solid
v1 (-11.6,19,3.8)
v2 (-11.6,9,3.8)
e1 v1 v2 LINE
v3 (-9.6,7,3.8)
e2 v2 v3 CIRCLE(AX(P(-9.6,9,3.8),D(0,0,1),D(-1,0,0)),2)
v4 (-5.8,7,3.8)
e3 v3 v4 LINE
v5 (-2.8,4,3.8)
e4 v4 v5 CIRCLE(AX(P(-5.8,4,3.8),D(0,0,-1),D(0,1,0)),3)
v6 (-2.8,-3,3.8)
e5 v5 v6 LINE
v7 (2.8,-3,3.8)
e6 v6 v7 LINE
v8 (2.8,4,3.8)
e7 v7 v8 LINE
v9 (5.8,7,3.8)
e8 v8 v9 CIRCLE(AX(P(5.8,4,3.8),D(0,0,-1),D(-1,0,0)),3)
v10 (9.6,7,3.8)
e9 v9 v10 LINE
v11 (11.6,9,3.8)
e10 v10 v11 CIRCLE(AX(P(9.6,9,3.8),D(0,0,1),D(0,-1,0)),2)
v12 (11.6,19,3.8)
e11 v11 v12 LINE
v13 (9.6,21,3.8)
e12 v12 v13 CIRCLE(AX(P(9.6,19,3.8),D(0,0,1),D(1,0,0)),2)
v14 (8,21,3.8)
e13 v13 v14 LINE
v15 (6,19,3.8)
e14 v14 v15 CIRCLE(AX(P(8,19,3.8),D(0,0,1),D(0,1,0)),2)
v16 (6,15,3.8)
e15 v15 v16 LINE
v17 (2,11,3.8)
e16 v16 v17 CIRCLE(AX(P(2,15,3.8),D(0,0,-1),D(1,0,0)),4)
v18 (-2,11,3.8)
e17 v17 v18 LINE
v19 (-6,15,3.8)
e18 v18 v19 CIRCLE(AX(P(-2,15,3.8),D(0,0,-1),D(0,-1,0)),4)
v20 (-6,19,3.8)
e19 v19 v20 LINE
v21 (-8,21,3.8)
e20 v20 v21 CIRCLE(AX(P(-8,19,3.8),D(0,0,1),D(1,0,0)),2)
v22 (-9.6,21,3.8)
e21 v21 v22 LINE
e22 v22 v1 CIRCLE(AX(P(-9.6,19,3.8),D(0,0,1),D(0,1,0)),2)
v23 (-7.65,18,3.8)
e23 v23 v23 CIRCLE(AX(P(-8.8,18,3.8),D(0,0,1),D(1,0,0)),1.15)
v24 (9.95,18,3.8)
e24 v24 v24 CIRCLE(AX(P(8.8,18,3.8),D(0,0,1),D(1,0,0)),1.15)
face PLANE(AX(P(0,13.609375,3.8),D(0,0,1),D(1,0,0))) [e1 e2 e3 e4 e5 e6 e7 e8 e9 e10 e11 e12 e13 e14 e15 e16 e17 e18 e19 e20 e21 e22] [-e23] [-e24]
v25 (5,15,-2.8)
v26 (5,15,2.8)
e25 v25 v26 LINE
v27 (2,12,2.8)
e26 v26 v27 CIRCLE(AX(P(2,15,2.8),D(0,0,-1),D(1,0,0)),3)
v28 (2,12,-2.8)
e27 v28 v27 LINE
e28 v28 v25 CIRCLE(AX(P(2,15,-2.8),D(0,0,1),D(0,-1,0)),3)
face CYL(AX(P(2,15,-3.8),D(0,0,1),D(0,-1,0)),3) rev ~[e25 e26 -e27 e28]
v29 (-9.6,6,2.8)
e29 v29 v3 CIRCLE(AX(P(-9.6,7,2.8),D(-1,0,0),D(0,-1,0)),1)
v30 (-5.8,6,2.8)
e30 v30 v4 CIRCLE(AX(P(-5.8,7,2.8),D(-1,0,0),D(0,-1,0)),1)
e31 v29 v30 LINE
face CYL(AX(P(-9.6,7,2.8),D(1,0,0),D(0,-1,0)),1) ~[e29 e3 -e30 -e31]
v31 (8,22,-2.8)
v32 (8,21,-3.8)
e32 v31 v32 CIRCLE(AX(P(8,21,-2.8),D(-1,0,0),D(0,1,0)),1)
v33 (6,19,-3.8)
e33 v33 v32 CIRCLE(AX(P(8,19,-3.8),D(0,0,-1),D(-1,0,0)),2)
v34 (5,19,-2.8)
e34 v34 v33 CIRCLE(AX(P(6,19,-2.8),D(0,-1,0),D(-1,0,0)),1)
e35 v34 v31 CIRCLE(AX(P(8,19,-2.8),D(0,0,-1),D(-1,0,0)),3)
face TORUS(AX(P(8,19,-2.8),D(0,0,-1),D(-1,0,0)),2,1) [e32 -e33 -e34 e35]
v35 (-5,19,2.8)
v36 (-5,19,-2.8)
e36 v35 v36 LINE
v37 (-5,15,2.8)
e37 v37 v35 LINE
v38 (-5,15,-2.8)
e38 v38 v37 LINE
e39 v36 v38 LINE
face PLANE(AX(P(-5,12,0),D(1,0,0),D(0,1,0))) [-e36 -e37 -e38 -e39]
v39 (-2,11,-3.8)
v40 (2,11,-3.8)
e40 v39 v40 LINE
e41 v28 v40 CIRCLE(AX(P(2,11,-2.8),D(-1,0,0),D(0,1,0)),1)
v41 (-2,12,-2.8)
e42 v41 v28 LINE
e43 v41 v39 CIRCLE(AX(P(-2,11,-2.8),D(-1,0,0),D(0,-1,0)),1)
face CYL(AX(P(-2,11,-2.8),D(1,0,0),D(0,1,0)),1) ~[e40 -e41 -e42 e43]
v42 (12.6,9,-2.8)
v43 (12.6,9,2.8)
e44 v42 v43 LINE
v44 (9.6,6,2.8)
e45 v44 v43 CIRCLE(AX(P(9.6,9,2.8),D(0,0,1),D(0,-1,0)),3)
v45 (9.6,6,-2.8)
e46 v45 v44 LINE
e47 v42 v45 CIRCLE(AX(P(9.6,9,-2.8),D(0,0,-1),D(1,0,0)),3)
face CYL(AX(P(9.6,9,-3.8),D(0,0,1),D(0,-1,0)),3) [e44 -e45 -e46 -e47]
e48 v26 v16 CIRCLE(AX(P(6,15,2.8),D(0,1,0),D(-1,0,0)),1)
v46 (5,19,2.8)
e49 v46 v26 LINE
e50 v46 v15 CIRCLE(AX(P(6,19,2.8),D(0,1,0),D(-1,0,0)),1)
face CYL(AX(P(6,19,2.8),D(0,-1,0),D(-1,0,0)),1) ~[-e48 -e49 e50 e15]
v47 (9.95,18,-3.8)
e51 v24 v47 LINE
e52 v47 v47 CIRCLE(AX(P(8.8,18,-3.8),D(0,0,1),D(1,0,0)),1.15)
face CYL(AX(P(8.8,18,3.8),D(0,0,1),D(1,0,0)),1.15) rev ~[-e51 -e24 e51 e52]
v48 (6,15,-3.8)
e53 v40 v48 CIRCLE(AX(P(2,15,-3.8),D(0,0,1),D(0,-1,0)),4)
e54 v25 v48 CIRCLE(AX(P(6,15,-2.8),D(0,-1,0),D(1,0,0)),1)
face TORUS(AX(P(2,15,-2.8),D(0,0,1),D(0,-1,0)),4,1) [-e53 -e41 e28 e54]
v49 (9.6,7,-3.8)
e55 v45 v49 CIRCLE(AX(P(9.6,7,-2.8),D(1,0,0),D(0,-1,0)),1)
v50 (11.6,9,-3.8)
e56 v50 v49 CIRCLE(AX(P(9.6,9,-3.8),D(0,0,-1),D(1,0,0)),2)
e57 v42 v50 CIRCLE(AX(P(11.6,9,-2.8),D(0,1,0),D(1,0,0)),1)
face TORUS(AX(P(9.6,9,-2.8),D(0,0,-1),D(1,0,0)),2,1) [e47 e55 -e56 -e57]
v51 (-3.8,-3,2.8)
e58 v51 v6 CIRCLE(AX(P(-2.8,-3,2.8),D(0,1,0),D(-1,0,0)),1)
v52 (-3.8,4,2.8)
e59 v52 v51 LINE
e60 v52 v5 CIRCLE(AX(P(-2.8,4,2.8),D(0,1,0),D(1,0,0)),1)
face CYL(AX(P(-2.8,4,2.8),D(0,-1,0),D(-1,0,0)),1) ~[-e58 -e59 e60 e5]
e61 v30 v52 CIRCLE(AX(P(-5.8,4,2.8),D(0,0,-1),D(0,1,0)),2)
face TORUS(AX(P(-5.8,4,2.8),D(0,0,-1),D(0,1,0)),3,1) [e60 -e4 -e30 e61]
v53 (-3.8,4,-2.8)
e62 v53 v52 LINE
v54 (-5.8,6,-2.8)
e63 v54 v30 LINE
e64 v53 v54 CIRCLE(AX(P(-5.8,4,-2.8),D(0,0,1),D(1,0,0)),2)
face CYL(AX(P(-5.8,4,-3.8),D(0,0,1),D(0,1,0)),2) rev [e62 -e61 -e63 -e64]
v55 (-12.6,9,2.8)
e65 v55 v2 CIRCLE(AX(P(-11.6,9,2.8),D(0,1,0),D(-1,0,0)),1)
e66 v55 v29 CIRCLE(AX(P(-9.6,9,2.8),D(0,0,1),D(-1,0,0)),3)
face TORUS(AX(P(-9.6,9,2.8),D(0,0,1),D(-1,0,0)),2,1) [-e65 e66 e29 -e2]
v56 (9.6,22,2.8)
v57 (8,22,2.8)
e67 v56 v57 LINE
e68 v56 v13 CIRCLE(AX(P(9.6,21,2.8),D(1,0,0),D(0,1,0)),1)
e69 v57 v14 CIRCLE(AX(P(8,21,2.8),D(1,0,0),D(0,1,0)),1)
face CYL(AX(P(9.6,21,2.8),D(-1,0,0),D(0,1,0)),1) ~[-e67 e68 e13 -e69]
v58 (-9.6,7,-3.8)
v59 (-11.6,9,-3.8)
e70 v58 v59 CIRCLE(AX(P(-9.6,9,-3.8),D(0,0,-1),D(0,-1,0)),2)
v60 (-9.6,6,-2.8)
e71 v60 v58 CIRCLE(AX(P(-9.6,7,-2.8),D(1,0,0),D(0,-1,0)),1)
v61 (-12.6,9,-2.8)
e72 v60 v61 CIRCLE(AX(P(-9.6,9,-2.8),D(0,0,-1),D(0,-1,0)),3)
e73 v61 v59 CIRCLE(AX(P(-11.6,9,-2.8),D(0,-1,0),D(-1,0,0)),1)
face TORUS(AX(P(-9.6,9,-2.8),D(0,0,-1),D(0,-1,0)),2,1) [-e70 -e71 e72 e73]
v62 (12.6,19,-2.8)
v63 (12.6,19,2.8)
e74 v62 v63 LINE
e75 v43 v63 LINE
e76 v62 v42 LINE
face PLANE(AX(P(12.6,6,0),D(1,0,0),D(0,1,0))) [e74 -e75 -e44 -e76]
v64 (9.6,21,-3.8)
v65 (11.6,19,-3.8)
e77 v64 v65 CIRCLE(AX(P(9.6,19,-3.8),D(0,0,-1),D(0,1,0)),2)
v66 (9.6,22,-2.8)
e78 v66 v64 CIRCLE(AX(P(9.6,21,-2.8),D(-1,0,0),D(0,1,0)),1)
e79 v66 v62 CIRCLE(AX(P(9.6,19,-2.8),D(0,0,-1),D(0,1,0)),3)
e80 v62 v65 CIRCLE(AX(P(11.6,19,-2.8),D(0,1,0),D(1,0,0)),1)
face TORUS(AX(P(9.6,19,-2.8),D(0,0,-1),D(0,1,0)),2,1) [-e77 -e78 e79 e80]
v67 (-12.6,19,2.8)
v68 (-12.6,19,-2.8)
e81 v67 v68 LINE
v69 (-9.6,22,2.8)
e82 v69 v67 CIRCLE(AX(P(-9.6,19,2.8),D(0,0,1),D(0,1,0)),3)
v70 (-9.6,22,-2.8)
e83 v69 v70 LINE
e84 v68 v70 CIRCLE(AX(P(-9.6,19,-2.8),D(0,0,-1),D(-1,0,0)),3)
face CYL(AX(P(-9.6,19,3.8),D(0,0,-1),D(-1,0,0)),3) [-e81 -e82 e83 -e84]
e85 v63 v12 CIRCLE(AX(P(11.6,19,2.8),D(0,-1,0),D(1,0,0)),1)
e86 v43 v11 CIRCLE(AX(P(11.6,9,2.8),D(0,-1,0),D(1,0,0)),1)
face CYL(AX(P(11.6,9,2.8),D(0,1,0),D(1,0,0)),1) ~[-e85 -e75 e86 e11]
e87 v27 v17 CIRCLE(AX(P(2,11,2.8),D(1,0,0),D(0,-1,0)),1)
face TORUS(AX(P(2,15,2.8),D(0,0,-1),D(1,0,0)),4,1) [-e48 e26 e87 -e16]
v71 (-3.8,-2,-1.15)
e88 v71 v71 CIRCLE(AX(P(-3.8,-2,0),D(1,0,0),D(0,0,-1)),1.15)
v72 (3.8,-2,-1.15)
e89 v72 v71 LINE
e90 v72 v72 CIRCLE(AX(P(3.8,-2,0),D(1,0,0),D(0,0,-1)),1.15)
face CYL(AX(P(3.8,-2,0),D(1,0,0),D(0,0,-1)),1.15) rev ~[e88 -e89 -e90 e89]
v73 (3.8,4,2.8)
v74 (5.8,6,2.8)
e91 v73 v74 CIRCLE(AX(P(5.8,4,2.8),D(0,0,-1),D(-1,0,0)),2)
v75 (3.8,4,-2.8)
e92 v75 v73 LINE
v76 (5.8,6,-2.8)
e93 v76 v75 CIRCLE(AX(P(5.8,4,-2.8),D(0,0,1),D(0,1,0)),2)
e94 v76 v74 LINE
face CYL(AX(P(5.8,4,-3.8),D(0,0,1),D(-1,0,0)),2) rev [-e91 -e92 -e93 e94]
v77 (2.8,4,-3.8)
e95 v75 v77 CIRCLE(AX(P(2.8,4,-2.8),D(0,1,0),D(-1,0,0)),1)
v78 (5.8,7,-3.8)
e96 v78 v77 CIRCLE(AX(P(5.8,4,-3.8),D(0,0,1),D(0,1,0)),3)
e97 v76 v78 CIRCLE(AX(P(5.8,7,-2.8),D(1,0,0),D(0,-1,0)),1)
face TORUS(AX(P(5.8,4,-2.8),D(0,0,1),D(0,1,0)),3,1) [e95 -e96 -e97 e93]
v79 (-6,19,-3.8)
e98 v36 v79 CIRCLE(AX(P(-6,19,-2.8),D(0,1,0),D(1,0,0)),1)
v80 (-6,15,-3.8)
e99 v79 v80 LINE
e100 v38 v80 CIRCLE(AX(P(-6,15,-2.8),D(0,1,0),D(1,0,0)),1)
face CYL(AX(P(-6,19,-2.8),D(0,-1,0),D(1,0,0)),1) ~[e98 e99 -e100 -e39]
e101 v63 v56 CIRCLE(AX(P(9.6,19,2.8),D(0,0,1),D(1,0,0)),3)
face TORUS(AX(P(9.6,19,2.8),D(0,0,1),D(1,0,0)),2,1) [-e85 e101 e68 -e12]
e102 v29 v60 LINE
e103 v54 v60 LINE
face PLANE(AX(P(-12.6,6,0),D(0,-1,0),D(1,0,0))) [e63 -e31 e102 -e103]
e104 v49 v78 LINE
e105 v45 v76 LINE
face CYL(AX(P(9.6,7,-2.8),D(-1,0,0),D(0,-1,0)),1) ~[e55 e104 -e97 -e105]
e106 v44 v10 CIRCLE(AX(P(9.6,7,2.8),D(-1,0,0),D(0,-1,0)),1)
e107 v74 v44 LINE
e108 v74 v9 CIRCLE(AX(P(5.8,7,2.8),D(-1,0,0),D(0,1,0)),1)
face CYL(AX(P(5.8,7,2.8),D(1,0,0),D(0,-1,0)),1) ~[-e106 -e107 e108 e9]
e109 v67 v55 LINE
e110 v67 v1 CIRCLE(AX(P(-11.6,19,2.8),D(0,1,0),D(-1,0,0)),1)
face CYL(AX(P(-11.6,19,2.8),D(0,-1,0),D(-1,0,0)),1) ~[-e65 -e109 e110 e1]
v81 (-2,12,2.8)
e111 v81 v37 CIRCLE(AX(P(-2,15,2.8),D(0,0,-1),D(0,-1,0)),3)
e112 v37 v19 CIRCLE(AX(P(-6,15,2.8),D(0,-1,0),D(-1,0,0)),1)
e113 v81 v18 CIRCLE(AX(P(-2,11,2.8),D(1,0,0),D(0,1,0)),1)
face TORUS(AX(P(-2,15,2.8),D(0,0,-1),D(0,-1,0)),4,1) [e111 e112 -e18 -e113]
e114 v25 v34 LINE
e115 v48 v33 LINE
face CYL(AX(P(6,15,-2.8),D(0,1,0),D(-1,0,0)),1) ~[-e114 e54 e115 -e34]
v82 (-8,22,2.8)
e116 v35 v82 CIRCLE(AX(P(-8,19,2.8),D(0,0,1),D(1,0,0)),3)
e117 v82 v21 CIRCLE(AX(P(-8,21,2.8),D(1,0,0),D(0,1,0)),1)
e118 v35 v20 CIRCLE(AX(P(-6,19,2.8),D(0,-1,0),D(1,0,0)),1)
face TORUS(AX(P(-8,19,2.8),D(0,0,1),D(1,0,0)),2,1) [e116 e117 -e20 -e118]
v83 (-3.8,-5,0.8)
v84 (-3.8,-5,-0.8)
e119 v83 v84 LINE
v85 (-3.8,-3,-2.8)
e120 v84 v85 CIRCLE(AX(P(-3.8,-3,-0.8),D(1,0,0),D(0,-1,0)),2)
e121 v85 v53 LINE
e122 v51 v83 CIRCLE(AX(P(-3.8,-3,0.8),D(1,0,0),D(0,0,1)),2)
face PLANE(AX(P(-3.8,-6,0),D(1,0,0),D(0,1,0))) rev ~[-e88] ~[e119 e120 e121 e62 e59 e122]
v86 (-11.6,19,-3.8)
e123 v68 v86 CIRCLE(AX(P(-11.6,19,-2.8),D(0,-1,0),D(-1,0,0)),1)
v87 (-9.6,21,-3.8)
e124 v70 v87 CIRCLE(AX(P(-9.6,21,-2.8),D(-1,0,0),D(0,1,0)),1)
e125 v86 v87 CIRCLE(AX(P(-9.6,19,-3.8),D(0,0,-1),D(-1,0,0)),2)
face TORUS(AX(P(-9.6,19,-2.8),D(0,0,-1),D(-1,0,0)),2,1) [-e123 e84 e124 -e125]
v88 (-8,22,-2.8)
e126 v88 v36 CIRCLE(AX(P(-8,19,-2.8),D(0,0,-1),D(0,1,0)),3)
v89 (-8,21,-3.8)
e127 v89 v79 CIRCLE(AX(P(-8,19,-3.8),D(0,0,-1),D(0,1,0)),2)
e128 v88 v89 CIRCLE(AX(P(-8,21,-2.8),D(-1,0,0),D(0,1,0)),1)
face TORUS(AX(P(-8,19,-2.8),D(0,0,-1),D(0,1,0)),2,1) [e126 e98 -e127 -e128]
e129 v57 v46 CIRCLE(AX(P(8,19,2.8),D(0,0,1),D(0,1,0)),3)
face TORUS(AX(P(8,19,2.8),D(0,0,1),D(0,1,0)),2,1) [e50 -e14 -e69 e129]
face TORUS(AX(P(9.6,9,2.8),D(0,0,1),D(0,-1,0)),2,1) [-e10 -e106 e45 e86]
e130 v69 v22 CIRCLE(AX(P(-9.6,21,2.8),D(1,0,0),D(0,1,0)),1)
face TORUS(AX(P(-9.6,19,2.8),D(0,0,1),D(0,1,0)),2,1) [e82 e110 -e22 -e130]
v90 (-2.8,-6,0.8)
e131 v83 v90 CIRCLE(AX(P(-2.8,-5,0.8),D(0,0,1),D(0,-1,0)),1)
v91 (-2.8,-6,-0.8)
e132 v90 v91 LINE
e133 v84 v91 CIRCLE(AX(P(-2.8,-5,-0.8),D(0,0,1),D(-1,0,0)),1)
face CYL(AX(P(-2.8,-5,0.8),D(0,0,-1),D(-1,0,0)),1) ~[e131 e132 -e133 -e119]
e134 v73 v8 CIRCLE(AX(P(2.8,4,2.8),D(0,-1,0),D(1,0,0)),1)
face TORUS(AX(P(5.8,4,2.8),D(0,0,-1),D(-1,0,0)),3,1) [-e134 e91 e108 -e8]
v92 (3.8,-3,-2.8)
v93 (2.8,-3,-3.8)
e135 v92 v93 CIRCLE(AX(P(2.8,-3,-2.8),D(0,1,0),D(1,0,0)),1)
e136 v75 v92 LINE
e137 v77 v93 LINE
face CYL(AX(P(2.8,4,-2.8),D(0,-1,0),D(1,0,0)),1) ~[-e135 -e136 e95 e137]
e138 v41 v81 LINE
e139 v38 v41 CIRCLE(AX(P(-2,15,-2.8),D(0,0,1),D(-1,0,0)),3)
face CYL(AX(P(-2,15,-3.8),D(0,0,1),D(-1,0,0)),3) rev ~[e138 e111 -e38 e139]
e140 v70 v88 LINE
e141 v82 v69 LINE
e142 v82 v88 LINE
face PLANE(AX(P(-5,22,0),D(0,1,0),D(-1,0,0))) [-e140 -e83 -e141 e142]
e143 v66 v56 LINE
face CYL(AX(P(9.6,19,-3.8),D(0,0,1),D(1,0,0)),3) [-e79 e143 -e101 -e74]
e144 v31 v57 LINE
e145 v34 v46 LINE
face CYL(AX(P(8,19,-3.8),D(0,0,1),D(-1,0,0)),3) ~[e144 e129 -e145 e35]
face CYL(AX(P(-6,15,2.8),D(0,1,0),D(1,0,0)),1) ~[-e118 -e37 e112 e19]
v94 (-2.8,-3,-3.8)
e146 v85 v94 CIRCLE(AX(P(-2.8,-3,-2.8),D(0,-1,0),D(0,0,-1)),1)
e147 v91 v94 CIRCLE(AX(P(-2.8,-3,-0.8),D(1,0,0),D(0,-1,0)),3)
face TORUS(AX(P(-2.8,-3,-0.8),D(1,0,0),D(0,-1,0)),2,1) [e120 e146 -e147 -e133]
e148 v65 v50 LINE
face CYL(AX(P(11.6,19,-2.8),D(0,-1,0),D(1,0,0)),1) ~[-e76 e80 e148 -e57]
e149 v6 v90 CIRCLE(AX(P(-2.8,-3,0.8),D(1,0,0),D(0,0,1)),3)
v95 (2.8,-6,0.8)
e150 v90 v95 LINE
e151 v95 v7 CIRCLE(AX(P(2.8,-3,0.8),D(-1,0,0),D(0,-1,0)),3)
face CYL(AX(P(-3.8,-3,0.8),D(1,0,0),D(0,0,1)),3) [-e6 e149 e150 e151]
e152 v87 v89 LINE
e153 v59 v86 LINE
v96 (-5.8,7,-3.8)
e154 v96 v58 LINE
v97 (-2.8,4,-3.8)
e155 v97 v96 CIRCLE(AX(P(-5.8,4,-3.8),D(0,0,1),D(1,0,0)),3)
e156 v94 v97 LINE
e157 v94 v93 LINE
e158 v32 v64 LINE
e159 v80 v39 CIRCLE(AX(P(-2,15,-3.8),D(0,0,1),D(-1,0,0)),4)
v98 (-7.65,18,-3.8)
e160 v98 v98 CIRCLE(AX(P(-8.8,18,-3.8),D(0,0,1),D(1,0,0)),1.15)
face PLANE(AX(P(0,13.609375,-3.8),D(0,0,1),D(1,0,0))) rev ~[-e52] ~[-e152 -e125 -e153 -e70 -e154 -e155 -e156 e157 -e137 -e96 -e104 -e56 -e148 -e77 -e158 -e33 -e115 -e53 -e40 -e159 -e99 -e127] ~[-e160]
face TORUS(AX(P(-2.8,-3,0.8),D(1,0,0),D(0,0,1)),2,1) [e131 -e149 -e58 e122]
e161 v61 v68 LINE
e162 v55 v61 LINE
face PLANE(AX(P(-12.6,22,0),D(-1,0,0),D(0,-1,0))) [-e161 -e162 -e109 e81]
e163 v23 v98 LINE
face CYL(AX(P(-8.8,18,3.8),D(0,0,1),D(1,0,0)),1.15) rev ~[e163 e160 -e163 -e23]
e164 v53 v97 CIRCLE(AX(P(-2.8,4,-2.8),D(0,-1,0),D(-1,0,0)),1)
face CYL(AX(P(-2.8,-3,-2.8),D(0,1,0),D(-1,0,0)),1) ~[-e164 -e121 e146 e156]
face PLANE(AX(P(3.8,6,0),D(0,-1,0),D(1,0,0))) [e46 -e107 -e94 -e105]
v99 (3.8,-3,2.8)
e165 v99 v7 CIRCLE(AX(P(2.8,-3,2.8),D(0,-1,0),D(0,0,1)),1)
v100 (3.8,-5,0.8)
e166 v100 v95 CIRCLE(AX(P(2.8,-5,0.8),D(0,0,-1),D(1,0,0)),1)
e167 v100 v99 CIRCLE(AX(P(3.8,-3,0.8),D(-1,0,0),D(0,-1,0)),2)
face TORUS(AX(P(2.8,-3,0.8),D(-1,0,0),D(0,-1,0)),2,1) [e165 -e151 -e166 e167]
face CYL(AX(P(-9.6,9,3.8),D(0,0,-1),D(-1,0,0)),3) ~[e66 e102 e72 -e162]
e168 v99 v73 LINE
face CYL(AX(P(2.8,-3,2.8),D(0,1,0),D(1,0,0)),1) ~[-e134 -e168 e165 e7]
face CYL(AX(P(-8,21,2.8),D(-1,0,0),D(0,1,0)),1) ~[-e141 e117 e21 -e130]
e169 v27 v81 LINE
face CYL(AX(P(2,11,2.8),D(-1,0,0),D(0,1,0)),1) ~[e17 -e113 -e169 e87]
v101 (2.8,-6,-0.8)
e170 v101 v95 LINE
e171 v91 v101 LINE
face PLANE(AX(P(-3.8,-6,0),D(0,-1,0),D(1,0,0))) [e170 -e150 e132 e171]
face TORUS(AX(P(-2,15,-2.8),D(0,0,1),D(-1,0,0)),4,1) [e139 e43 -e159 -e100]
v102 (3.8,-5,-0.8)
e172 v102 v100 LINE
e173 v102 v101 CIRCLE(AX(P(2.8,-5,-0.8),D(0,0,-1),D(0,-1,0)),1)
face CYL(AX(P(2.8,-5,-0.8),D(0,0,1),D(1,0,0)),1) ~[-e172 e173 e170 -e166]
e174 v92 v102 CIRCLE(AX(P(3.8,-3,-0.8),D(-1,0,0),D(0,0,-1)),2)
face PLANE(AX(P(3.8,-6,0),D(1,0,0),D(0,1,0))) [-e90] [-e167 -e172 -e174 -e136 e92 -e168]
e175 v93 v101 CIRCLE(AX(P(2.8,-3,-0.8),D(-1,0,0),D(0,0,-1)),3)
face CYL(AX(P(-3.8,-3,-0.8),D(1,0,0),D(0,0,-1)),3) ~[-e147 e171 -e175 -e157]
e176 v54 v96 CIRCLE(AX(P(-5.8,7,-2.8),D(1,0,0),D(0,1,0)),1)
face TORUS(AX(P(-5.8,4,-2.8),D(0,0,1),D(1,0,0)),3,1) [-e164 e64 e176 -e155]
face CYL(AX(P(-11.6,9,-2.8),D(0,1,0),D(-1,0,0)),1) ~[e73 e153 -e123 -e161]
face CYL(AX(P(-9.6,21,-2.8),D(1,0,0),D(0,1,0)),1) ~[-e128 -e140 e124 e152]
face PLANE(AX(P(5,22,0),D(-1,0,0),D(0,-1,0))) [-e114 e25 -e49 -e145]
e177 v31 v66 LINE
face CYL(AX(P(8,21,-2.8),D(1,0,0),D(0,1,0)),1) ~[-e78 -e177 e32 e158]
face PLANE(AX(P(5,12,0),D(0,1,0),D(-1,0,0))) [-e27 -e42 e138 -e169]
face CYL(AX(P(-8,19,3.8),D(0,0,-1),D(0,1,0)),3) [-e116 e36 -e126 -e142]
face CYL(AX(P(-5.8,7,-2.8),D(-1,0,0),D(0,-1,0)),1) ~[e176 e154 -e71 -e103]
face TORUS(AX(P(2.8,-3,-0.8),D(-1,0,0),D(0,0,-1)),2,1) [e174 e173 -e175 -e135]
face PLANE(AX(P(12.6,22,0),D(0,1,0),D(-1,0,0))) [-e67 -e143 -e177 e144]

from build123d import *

# Parameters (mm, degrees)
BOSS_EXTRUDE1_DEPTH      = 3.8
BOSS_EXTRUDE1_DEPTH_BACK = 3.8
SKETCH2_R                = 1.15
CUT_EXTRUDE1_DEPTH       = 7.6
SKETCH3_R                = 1.15
CUT_EXTRUDE2_DEPTH       = 7.6
FILLET1_R                = 3
FILLET2_R                = 3
FILLET3_R                = 2
FILLET4_R                = 1


with BuildPart() as part:
    # Sketch1 → Boss-Extrude1 (new, two sides: drawn at the far end of the back side and taken through both)
    with BuildSketch(Plane.XY.offset(-BOSS_EXTRUDE1_DEPTH_BACK)):
        Polygon((-12.6, 6), (-3.8, 6), (-3.8, -6), (3.8, -6), (3.8, 6), (12.6, 6), (12.6, 22), (5, 22), (5, 12), (-5, 12), (-5, 22), (-12.6, 22), align=None)
    extrude(amount=BOSS_EXTRUDE1_DEPTH + BOSS_EXTRUDE1_DEPTH_BACK)

    # Sketch2 → Cut-Extrude1 (cut)
    with BuildSketch(Plane(origin=(3.8, 0, 0), x_dir=(0, 0, -1), z_dir=(1, 0, 0))):
        with Locations((0, -2)):
            Circle(SKETCH2_R)
    extrude(amount=-CUT_EXTRUDE1_DEPTH, mode=Mode.SUBTRACT)

    # Sketch3 → Cut-Extrude2 (cut)
    with BuildSketch(Plane.XY.offset(3.8)):
        with Locations((-8.8, 18)):
            Circle(SKETCH3_R)
        with Locations((8.8, 18)):
            Circle(SKETCH3_R)
    extrude(amount=-CUT_EXTRUDE2_DEPTH, mode=Mode.SUBTRACT)

    # Fillet1
    fillet1_edges = [part.edges().sort_by_distance(p)[0] for p in [
        (0, -6, -3.8),
        (0, -6, 3.8),
        (12.6, 22, 0),
        (5, 22, 0),
        (-5, 22, 0),
        (-12.6, 22, 0),
    ]]
    fillet(fillet1_edges, radius=FILLET1_R)

    # Fillet2
    fillet2_edges = [part.edges().sort_by_distance(p)[0] for p in [
        (12.6, 6, 0),
        (-12.6, 6, 0),
        (5, 12, 0),
        (-5, 12, 0),
    ]]
    fillet(fillet2_edges, radius=FILLET2_R)

    # Fillet3
    fillet3_edges = [part.edges().sort_by_distance(p)[0] for p in [
        (3.8, 6, 0),
        (-3.8, 6, 0),
    ]]
    fillet(fillet3_edges, radius=FILLET3_R)

    # Fillet4
    fillet4_edges = [part.edges().sort_by_distance(p)[0] for p in [
        (-11.721320344, 6.878679656, 3.8),
        (-7.7, 6, 3.8),
        (-4.385786438, 5.414213562, 3.8),
        (-3.8, 0.5, 3.8),
        (-3.8, -5.121320344, 2.921320344),
        (-3.8, -6, 0),
        (-3.8, -5.121320344, -2.921320344),
        (-3.8, 0.5, -3.8),
        (-4.385786438, 5.414213562, -3.8),
        (-7.7, 6, -3.8),
        (-11.721320344, 6.878679656, -3.8),
        (-12.6, 14, -3.8),
        (-11.721320344, 21.121320344, -3.8),
        (-8.8, 22, -3.8),
        (-5.878679656, 21.121320344, -3.8),
        (-5, 17, -3.8),
        (-4.121320344, 12.878679656, -3.8),
        (0, 12, -3.8),
        (4.121320344, 12.878679656, -3.8),
        (5, 17, -3.8),
        (5.878679656, 21.121320344, -3.8),
        (8.8, 22, -3.8),
        (11.721320344, 21.121320344, -3.8),
        (12.6, 14, -3.8),
        (11.721320344, 6.878679656, -3.8),
        (7.7, 6, -3.8),
        (4.385786438, 5.414213562, -3.8),
        (3.8, 0.5, -3.8),
        (3.8, -5.121320344, -2.921320344),
        (3.8, -6, 0),
        (3.8, -5.121320344, 2.921320344),
        (3.8, 0.5, 3.8),
        (4.385786438, 5.414213562, 3.8),
        (7.7, 6, 3.8),
        (11.721320344, 6.878679656, 3.8),
        (12.6, 14, 3.8),
        (11.721320344, 21.121320344, 3.8),
        (8.8, 22, 3.8),
        (5.878679656, 21.121320344, 3.8),
        (5, 17, 3.8),
        (4.121320344, 12.878679656, 3.8),
        (0, 12, 3.8),
        (-4.121320344, 12.878679656, 3.8),
        (-5, 17, 3.8),
        (-5.878679656, 21.121320344, 3.8),
        (-8.8, 22, 3.8),
        (-11.721320344, 21.121320344, 3.8),
        (-12.6, 14, 3.8),
    ]]
    fillet(fillet4_edges, radius=FILLET4_R)


solid = part.part
